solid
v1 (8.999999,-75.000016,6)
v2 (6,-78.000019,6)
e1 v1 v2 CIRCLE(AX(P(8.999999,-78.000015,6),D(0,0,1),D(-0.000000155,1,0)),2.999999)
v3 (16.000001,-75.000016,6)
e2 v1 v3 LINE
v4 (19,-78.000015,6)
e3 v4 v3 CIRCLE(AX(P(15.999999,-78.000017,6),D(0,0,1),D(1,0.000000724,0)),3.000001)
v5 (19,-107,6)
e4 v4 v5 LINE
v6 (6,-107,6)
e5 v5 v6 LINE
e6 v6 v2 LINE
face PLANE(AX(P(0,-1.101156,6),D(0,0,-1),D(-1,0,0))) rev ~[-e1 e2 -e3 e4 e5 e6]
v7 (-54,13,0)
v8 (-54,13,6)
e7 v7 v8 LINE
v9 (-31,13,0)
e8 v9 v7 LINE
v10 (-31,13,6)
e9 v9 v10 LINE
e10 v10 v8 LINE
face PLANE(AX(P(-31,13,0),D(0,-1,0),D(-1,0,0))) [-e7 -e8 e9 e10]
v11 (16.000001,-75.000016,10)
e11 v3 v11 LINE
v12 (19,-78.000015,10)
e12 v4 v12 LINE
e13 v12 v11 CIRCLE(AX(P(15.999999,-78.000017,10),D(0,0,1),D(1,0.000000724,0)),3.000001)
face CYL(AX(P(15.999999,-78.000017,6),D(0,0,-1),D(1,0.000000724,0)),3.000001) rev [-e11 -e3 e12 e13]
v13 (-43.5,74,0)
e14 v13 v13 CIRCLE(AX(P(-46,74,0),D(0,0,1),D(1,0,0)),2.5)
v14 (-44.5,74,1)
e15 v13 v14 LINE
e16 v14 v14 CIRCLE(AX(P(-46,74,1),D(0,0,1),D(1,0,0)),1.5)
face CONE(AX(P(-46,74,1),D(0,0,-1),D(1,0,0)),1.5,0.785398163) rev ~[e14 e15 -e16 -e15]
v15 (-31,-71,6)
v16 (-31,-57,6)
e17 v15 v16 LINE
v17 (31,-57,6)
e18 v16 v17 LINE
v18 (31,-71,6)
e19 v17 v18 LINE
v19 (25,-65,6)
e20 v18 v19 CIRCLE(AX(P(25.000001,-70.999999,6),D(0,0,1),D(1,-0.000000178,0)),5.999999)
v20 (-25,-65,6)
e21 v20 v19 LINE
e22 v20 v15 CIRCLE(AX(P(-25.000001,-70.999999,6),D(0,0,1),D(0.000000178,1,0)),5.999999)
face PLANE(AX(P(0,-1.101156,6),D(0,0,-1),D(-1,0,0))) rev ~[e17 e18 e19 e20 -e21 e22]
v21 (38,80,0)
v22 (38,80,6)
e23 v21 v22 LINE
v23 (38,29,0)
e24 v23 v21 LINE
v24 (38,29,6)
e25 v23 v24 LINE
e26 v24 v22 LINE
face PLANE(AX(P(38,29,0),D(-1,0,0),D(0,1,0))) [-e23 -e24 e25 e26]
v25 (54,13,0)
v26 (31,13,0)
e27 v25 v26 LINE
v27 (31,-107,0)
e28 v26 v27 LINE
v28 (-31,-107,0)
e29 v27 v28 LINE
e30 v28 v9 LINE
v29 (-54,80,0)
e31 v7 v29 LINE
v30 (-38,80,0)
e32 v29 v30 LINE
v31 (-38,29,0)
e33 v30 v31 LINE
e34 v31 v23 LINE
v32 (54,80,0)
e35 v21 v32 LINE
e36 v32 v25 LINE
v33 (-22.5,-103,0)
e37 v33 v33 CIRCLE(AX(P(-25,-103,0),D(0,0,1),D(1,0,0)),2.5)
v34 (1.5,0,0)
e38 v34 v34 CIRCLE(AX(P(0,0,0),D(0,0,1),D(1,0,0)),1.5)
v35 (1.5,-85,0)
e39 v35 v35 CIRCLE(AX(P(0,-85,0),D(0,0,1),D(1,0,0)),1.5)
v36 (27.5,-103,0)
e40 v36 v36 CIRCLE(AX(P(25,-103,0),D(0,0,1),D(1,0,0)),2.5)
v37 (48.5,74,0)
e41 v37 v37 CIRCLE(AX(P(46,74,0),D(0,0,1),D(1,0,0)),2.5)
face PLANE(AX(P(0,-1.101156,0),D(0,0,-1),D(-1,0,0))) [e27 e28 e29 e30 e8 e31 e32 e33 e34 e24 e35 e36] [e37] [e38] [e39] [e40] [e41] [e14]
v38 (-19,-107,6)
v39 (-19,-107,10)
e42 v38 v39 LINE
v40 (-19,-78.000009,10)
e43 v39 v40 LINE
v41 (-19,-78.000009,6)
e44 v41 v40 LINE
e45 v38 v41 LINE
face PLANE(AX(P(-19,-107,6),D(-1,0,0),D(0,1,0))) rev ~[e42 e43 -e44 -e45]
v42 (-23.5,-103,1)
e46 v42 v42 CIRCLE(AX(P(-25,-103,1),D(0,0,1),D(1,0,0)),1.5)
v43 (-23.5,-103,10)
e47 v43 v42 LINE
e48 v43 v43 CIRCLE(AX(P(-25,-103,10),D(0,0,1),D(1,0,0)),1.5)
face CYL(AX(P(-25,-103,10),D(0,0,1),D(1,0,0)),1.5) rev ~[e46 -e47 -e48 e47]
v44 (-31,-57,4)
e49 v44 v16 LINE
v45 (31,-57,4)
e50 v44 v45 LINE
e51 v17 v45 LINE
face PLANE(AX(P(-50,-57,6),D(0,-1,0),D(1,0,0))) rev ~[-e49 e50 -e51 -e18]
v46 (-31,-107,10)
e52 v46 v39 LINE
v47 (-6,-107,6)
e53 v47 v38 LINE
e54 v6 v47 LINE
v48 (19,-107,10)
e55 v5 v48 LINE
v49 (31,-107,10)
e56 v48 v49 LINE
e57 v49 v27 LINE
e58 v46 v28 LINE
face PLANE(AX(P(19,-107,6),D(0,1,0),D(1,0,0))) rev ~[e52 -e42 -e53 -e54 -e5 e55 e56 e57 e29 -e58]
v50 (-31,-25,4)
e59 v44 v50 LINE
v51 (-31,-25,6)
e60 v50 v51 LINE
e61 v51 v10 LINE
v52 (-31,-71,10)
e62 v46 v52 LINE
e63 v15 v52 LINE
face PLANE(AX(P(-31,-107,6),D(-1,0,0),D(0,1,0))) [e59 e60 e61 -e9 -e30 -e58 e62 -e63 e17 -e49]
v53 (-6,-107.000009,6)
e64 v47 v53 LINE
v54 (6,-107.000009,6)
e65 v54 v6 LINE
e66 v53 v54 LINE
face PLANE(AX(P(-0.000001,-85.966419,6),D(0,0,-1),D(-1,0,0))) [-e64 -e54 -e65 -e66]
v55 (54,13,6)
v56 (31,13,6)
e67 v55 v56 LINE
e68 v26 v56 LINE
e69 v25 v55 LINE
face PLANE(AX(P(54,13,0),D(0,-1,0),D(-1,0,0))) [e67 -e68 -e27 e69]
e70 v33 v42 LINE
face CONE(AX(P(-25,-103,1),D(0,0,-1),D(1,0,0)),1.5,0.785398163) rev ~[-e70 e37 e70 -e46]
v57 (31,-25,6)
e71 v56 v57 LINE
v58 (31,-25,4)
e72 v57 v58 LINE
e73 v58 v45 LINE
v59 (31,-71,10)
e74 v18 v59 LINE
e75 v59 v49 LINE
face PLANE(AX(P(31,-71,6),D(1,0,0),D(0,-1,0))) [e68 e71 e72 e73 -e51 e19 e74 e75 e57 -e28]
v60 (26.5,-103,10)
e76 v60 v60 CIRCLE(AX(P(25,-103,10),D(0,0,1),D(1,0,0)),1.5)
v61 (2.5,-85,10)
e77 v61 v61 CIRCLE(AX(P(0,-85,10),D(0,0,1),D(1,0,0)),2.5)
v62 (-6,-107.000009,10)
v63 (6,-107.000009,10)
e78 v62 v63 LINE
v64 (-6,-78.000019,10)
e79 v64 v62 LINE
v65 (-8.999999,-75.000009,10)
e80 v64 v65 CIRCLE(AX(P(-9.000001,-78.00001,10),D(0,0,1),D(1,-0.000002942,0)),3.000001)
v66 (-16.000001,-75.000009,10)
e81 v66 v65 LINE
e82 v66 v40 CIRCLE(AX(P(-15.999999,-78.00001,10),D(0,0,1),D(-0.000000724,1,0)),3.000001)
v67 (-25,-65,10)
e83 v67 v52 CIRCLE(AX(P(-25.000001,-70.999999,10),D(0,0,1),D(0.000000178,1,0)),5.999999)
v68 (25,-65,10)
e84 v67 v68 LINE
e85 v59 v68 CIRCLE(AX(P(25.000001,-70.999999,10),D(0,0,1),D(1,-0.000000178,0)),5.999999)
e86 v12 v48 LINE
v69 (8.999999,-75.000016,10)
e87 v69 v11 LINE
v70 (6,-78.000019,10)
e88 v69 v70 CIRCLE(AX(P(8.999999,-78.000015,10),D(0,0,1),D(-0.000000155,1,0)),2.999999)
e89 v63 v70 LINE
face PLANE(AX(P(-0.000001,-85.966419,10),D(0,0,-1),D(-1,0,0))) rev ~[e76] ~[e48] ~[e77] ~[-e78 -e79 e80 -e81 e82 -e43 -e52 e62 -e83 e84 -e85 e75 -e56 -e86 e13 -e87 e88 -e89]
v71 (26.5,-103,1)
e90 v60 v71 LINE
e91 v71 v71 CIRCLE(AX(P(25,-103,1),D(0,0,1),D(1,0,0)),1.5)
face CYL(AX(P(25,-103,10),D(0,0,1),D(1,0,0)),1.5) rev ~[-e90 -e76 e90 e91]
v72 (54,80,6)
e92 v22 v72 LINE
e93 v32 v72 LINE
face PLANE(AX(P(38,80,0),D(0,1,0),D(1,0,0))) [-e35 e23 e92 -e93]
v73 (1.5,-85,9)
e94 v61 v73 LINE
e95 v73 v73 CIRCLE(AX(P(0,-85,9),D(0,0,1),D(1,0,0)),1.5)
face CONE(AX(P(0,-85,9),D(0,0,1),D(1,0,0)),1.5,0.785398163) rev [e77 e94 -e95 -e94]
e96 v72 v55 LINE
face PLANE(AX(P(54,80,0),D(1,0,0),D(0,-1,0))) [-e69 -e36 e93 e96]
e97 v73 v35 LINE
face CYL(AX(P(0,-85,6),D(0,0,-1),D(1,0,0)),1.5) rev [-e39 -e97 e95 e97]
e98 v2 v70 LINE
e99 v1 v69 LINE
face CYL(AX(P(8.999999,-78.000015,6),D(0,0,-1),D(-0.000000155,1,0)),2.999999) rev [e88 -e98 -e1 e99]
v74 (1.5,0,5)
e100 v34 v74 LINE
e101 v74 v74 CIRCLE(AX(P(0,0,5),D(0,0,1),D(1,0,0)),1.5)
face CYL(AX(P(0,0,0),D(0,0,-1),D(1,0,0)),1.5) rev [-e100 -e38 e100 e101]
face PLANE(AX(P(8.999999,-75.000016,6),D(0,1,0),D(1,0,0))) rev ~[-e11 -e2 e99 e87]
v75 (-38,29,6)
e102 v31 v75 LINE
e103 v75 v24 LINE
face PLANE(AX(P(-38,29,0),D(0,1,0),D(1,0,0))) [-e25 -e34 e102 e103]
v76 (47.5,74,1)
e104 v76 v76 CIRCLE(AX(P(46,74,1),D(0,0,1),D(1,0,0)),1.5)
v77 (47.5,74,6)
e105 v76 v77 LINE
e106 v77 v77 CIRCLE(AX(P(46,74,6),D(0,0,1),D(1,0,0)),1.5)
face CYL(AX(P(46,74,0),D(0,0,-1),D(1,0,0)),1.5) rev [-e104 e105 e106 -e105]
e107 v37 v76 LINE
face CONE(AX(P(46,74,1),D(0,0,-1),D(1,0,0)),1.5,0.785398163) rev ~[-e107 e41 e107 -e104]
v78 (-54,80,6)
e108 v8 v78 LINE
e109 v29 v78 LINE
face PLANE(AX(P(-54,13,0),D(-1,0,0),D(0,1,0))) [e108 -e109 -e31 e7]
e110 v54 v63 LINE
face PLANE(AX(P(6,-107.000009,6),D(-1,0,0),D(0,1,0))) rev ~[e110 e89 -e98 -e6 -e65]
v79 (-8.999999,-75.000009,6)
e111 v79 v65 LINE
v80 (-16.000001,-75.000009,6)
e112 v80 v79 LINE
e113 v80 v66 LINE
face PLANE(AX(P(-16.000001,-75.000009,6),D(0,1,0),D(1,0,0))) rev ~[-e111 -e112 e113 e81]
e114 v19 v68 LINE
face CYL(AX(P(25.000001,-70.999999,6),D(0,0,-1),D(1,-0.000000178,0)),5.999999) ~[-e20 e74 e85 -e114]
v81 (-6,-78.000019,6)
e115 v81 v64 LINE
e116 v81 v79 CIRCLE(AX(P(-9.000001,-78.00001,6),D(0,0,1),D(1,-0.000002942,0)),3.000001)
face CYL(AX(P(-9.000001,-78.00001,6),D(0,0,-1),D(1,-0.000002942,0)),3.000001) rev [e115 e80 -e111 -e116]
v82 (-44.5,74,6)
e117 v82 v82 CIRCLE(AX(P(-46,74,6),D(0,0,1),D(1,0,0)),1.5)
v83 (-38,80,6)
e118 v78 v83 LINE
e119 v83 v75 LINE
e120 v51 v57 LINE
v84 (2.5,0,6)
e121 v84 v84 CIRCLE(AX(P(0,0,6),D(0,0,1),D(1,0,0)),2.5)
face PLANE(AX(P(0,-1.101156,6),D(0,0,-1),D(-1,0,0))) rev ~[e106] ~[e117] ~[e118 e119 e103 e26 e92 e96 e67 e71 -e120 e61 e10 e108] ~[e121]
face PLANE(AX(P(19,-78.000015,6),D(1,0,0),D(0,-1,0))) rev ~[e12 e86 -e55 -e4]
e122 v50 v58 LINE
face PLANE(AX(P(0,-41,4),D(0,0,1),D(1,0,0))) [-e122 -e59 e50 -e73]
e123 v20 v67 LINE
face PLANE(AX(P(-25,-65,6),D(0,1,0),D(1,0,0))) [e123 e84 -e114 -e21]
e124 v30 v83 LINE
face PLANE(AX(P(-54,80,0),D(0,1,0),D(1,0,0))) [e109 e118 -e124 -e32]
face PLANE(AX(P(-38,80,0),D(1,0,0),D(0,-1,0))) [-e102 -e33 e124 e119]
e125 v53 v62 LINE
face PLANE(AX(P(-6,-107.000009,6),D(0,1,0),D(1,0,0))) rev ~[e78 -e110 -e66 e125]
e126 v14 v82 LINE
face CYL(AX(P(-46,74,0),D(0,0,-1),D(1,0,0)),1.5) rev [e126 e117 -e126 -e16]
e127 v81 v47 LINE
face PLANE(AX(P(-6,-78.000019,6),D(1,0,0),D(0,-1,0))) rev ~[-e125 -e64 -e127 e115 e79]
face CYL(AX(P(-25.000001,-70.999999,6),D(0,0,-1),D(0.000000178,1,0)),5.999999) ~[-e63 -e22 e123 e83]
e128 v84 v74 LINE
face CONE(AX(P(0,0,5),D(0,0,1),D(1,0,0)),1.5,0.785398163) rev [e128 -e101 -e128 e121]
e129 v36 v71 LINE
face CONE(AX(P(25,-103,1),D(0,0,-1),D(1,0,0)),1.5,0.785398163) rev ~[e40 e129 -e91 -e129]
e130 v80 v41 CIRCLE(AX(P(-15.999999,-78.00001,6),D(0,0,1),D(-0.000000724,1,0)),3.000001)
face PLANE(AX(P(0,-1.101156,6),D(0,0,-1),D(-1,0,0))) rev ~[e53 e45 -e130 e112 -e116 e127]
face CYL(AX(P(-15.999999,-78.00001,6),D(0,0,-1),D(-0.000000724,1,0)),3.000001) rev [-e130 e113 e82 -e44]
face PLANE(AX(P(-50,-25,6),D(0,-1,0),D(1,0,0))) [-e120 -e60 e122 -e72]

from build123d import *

# Parameters (mm, degrees)
SKETCH_R        = 1.5
PAD_DEPTH       = 6
SKETCH001_R     = 1.5
PAD001_DEPTH    = 4
SKETCH002_R     = 1.5
POCKET_DEPTH    = 10
CHAMFER_SIZE    = 1
SKETCH003_W     = 100
SKETCH003_H     = 32
POCKET001_DEPTH = 2


with BuildPart() as part:
    # Sketch → Pad (new body)
    with BuildSketch(Plane.XY):
        Polygon((-38, 29), (38, 29), (38, 80), (54, 80), (54, 13), (31, 13), (31, -107), (-31, -107), (-31, 13), (-54, 13), (-54, 80), (-38, 80), align=None)
        Circle(SKETCH_R, mode=Mode.SUBTRACT)
        with Locations((0, -85)):
            Circle(SKETCH_R, mode=Mode.SUBTRACT)
        with Locations((46, 74)):
            Circle(SKETCH_R, mode=Mode.SUBTRACT)
        with Locations((-46, 74)):
            Circle(SKETCH_R, mode=Mode.SUBTRACT)
    extrude(amount=PAD_DEPTH)

    # Sketch001 (on Face18 of Pad) → Pad001 (join)
    with BuildSketch(Plane.XY.offset(6)):
        with BuildLine():
            Line((31, -71), (31, -107))
            Line((19, -107), (31, -107))
            Line((19, -78.000015), (19, -107))
            ThreePointArc((19, -78.000015), (18.12132, -75.878696), (16.000001, -75.000016))
            Line((8.999999, -75.000016), (16.000001, -75.000016))
            ThreePointArc((8.999999, -75.000016), (6.878678, -75.878697), (6, -78.000019))
            Line((6, -107.000009), (6, -78.000019))
            Line((-6, -107.000009), (6, -107.000009))
            Line((-6, -78.000019), (-6, -107.000009))
            ThreePointArc((-6, -78.000019), (-6.878676, -75.878693), (-8.999999, -75.000009))
            Line((-16.000001, -75.000009), (-8.999999, -75.000009))
            ThreePointArc((-16.000001, -75.000009), (-18.12132, -75.878689), (-19, -78.000009))
            Line((-19, -107), (-19, -78.000009))
            Line((-31, -107), (-19, -107))
            Line((-31, -107), (-31, -71))
            ThreePointArc((-25, -65), (-29.242641, -66.757359), (-31, -71))
            Line((-25, -65), (25, -65))
            ThreePointArc((31, -71), (29.242641, -66.757359), (25, -65))
        make_face()
        with Locations((0, -85)):
            Circle(SKETCH001_R, mode=Mode.SUBTRACT)
    extrude(amount=PAD001_DEPTH)

    # Sketch002 (on Face30 of Pad001) → Pocket (cut)
    with BuildSketch(Plane.XY.offset(10)):
        with Locations((-25, -103)):
            Circle(SKETCH002_R)
        with Locations((25, -103)):
            Circle(SKETCH002_R)
    extrude(amount=-POCKET_DEPTH, mode=Mode.SUBTRACT)

    # Chamfer
    chamfer_edges = [part.edges().sort_by_distance(p)[0] for p in [
        (23.5, -103, 0),
        (-26.5, -103, 0),
        (-47.5, 74, 0),
        (44.5, 74, 0),
        (-1.5, -85, 10),
        (-1.5, 0, 6),
    ]]
    chamfer(chamfer_edges, length=CHAMFER_SIZE)

    # Sketch003 (on Face21 of Chamfer) → Pocket001 (cut)
    with BuildSketch(Plane.XY.offset(6)):
        with Locations((0, -41)):
            Rectangle(SKETCH003_W, SKETCH003_H)
    extrude(amount=-POCKET001_DEPTH, mode=Mode.SUBTRACT)


solid = part.part
